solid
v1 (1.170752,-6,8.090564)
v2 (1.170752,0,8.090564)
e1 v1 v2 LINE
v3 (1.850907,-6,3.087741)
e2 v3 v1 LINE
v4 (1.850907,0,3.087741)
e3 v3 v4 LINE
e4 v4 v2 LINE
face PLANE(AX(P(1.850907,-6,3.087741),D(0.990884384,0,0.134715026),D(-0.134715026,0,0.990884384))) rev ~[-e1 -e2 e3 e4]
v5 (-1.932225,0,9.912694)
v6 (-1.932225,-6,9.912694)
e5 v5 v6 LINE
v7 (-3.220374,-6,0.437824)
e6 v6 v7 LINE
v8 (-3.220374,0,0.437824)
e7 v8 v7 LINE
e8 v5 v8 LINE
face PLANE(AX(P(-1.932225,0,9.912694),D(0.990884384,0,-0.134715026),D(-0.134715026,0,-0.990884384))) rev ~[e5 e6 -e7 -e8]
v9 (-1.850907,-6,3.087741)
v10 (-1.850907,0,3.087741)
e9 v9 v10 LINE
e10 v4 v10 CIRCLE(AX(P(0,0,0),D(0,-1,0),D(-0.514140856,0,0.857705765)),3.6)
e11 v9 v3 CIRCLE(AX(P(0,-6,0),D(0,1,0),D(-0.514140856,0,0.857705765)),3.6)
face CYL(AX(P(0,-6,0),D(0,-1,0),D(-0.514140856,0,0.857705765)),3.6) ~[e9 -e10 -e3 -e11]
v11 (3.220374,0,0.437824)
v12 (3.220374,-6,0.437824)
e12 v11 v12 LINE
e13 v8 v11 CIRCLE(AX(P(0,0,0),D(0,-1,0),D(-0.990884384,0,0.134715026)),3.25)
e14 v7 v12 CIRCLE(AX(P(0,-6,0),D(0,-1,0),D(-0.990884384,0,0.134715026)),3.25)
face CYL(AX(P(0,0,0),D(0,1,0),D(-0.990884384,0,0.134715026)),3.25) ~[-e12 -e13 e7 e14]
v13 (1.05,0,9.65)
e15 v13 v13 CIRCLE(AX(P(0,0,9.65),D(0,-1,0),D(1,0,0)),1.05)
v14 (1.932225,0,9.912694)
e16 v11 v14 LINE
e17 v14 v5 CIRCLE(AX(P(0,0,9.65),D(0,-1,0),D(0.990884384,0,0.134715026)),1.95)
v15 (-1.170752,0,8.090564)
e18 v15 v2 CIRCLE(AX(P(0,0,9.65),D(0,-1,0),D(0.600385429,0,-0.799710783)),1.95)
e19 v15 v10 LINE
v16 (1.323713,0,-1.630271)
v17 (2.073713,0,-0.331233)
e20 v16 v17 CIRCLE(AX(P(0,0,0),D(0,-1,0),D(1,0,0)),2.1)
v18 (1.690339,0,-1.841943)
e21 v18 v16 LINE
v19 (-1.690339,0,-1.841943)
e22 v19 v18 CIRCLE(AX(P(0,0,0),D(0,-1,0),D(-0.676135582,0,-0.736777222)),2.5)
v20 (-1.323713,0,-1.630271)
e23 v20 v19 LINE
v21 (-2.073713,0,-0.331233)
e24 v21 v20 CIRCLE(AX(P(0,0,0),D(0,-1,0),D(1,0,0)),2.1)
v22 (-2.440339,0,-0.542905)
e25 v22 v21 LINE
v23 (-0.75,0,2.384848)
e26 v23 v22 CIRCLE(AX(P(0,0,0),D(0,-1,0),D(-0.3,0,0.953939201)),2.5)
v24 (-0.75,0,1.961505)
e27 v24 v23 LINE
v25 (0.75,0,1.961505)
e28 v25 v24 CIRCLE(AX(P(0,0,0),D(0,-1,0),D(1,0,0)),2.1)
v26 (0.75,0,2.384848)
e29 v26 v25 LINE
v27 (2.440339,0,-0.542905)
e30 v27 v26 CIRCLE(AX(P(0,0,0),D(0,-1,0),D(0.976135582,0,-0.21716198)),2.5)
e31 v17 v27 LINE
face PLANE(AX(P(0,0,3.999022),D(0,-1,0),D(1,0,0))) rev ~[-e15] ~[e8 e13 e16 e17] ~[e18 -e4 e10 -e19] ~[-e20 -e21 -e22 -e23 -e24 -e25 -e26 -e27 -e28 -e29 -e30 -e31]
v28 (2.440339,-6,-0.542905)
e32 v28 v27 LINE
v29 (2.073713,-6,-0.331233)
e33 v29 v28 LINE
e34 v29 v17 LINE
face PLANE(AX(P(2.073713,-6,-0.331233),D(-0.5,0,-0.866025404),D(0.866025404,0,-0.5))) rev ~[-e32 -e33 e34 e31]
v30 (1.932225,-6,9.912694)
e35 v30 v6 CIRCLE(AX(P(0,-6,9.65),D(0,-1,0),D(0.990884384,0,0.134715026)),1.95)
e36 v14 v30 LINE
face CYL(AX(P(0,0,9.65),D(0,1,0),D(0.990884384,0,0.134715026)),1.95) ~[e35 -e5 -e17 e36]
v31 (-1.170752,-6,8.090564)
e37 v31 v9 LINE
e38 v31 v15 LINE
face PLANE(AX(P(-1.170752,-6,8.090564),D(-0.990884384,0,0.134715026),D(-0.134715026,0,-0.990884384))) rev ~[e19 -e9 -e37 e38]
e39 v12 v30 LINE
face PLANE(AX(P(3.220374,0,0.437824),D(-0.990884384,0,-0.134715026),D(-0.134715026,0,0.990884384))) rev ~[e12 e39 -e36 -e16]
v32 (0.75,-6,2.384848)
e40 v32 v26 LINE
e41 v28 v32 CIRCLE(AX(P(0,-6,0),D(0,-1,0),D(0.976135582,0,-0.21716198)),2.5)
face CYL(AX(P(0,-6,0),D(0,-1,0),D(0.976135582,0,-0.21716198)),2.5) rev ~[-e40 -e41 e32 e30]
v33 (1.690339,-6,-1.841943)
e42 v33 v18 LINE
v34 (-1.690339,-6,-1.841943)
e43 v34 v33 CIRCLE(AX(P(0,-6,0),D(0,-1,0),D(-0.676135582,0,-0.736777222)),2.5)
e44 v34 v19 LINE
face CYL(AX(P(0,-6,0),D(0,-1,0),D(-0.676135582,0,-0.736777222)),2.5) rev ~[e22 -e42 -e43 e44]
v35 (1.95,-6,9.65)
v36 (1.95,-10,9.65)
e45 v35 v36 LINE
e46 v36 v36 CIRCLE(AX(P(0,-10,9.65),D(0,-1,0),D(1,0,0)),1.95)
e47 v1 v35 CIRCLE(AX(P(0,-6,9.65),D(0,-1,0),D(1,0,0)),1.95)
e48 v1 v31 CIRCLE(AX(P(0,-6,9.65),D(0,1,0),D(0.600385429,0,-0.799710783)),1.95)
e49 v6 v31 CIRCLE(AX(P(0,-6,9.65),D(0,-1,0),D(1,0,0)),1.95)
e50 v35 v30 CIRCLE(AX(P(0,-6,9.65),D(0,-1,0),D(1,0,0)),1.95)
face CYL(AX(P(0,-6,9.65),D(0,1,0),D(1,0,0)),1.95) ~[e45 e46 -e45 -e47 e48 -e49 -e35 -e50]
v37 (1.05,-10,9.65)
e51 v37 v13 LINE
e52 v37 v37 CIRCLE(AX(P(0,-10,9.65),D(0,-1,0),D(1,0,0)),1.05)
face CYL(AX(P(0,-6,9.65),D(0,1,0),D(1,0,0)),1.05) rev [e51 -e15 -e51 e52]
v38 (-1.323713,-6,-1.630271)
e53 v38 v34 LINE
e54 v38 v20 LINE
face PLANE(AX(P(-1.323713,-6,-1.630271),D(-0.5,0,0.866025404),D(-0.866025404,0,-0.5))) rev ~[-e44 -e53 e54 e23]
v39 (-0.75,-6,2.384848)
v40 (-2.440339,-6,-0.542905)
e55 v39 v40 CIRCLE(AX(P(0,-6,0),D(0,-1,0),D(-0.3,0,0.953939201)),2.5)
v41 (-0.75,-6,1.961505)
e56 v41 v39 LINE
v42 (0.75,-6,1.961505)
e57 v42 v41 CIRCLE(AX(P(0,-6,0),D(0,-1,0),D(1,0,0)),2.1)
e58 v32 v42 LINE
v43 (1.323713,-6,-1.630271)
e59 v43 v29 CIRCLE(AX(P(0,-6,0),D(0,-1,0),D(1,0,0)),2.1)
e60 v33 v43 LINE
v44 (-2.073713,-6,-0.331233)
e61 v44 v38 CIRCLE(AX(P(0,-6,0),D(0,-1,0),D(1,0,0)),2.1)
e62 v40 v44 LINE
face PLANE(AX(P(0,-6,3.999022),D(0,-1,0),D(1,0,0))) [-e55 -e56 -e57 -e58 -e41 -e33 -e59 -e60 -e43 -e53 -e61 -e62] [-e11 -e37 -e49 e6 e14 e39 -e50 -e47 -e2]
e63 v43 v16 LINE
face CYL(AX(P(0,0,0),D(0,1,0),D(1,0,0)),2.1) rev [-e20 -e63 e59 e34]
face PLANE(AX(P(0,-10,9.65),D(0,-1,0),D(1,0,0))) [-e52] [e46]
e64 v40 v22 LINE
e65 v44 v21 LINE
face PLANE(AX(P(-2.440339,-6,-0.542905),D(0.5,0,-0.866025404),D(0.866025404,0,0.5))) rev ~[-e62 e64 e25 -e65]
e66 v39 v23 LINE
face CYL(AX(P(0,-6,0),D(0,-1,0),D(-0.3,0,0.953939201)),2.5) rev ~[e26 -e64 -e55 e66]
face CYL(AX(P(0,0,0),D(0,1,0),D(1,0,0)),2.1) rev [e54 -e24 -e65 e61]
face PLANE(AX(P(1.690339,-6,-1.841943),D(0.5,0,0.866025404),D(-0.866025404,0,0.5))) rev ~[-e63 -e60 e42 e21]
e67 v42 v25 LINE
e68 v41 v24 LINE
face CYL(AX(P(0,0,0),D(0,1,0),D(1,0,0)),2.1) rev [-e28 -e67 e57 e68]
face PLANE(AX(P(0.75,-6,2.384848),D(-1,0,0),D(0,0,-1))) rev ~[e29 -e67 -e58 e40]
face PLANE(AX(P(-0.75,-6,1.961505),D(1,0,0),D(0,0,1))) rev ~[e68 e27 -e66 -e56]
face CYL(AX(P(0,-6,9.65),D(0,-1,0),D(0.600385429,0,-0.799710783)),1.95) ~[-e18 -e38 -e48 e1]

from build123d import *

# Parameters (mm, degrees)
F0_R     = 2.1
F0_R_2   = 1.05
F1_DEPTH = 6
F3_DEPTH = 25
F5_DEPTH = 25
F6_R     = 1.95
F6_R_2   = 1.05
F7_DEPTH = 4


with BuildPart() as f1:
    # F0 (on Front) → F1 (new body)
    with BuildSketch(Plane.XZ):
        with BuildLine():
            Line((-1.9322245482, 9.9126943005), (-3.2203742469, 0.4378238342))
            ThreePointArc((-3.2203742469, 0.4378238342), (0, -3.25), (3.2203742469, 0.4378238342))
            Line((3.2203742469, 0.4378238342), (1.9322245482, 9.9126943005))
            ThreePointArc((1.9322245482, 9.9126943005), (0, 11.6), (-1.9322245482, 9.9126943005))
        make_face()
        Circle(F0_R, mode=Mode.SUBTRACT)
        with Locations((0, 9.65)):
            Circle(F0_R_2, mode=Mode.SUBTRACT)
    extrude(amount=F1_DEPTH)

    # F2 (on face) → F3 (cut)
    with BuildSketch(Plane.XZ.offset(6)):
        with BuildLine():
            ThreePointArc((1.170751587, 8.0905639733), (0, 7.7), (-1.170751587, 8.0905639733))
            Line((-1.170751587, 8.0905639733), (-1.850907083, 3.087740755))
            ThreePointArc((-1.850907083, 3.087740755), (0, 3.6), (1.850907083, 3.087740755))
            Line((1.850907083, 3.087740755), (1.170751587, 8.0905639733))
        make_face()
    extrude(amount=-F3_DEPTH, mode=Mode.SUBTRACT)

    # F4 (on face) → F5 (cut)
    with BuildSketch(Plane.XZ.offset(6)):
        with BuildLine():
            Line((-0.75, 1.9615045246), (-0.75, 2.3848480035))
            ThreePointArc((-0.75, 2.3848480035), (-2.1650635095, 1.25), (-2.4403389552, -0.5429049489))
            Line((-2.4403389552, -0.5429049489), (-2.0737127479, -0.3312332095))
            ThreePointArc((-2.0737127479, -0.3312332095), (-1.8186533479, 1.05), (-0.75, 1.9615045246))
        make_face()
        with BuildLine():
            ThreePointArc((1.3237127479, -1.6302713151), (0, -2.1), (-1.3237127479, -1.6302713151))
            Line((-1.3237127479, -1.6302713151), (-1.6903389552, -1.8419430546))
            ThreePointArc((-1.6903389552, -1.8419430546), (0, -2.5), (1.6903389552, -1.8419430546))
            Line((1.6903389552, -1.8419430546), (1.3237127479, -1.6302713151))
        make_face()
        with BuildLine():
            ThreePointArc((0.75, 1.9615045246), (1.8186533479, 1.05), (2.0737127479, -0.3312332095))
            Line((2.0737127479, -0.3312332095), (2.4403389552, -0.5429049489))
            ThreePointArc((2.4403389552, -0.5429049489), (2.1650635095, 1.25), (0.75, 2.3848480035))
            Line((0.75, 2.3848480035), (0.75, 1.9615045246))
        make_face()
    extrude(amount=-F5_DEPTH, mode=Mode.SUBTRACT)

    # F6 (on face) → F7 (join)
    with BuildSketch(Plane.XZ.offset(6)):
        with Locations((0, 9.65)):
            Circle(F6_R)
        with Locations((0, 9.65)):
            Circle(F6_R_2, mode=Mode.SUBTRACT)
    extrude(amount=F7_DEPTH)


solid = f1.part
